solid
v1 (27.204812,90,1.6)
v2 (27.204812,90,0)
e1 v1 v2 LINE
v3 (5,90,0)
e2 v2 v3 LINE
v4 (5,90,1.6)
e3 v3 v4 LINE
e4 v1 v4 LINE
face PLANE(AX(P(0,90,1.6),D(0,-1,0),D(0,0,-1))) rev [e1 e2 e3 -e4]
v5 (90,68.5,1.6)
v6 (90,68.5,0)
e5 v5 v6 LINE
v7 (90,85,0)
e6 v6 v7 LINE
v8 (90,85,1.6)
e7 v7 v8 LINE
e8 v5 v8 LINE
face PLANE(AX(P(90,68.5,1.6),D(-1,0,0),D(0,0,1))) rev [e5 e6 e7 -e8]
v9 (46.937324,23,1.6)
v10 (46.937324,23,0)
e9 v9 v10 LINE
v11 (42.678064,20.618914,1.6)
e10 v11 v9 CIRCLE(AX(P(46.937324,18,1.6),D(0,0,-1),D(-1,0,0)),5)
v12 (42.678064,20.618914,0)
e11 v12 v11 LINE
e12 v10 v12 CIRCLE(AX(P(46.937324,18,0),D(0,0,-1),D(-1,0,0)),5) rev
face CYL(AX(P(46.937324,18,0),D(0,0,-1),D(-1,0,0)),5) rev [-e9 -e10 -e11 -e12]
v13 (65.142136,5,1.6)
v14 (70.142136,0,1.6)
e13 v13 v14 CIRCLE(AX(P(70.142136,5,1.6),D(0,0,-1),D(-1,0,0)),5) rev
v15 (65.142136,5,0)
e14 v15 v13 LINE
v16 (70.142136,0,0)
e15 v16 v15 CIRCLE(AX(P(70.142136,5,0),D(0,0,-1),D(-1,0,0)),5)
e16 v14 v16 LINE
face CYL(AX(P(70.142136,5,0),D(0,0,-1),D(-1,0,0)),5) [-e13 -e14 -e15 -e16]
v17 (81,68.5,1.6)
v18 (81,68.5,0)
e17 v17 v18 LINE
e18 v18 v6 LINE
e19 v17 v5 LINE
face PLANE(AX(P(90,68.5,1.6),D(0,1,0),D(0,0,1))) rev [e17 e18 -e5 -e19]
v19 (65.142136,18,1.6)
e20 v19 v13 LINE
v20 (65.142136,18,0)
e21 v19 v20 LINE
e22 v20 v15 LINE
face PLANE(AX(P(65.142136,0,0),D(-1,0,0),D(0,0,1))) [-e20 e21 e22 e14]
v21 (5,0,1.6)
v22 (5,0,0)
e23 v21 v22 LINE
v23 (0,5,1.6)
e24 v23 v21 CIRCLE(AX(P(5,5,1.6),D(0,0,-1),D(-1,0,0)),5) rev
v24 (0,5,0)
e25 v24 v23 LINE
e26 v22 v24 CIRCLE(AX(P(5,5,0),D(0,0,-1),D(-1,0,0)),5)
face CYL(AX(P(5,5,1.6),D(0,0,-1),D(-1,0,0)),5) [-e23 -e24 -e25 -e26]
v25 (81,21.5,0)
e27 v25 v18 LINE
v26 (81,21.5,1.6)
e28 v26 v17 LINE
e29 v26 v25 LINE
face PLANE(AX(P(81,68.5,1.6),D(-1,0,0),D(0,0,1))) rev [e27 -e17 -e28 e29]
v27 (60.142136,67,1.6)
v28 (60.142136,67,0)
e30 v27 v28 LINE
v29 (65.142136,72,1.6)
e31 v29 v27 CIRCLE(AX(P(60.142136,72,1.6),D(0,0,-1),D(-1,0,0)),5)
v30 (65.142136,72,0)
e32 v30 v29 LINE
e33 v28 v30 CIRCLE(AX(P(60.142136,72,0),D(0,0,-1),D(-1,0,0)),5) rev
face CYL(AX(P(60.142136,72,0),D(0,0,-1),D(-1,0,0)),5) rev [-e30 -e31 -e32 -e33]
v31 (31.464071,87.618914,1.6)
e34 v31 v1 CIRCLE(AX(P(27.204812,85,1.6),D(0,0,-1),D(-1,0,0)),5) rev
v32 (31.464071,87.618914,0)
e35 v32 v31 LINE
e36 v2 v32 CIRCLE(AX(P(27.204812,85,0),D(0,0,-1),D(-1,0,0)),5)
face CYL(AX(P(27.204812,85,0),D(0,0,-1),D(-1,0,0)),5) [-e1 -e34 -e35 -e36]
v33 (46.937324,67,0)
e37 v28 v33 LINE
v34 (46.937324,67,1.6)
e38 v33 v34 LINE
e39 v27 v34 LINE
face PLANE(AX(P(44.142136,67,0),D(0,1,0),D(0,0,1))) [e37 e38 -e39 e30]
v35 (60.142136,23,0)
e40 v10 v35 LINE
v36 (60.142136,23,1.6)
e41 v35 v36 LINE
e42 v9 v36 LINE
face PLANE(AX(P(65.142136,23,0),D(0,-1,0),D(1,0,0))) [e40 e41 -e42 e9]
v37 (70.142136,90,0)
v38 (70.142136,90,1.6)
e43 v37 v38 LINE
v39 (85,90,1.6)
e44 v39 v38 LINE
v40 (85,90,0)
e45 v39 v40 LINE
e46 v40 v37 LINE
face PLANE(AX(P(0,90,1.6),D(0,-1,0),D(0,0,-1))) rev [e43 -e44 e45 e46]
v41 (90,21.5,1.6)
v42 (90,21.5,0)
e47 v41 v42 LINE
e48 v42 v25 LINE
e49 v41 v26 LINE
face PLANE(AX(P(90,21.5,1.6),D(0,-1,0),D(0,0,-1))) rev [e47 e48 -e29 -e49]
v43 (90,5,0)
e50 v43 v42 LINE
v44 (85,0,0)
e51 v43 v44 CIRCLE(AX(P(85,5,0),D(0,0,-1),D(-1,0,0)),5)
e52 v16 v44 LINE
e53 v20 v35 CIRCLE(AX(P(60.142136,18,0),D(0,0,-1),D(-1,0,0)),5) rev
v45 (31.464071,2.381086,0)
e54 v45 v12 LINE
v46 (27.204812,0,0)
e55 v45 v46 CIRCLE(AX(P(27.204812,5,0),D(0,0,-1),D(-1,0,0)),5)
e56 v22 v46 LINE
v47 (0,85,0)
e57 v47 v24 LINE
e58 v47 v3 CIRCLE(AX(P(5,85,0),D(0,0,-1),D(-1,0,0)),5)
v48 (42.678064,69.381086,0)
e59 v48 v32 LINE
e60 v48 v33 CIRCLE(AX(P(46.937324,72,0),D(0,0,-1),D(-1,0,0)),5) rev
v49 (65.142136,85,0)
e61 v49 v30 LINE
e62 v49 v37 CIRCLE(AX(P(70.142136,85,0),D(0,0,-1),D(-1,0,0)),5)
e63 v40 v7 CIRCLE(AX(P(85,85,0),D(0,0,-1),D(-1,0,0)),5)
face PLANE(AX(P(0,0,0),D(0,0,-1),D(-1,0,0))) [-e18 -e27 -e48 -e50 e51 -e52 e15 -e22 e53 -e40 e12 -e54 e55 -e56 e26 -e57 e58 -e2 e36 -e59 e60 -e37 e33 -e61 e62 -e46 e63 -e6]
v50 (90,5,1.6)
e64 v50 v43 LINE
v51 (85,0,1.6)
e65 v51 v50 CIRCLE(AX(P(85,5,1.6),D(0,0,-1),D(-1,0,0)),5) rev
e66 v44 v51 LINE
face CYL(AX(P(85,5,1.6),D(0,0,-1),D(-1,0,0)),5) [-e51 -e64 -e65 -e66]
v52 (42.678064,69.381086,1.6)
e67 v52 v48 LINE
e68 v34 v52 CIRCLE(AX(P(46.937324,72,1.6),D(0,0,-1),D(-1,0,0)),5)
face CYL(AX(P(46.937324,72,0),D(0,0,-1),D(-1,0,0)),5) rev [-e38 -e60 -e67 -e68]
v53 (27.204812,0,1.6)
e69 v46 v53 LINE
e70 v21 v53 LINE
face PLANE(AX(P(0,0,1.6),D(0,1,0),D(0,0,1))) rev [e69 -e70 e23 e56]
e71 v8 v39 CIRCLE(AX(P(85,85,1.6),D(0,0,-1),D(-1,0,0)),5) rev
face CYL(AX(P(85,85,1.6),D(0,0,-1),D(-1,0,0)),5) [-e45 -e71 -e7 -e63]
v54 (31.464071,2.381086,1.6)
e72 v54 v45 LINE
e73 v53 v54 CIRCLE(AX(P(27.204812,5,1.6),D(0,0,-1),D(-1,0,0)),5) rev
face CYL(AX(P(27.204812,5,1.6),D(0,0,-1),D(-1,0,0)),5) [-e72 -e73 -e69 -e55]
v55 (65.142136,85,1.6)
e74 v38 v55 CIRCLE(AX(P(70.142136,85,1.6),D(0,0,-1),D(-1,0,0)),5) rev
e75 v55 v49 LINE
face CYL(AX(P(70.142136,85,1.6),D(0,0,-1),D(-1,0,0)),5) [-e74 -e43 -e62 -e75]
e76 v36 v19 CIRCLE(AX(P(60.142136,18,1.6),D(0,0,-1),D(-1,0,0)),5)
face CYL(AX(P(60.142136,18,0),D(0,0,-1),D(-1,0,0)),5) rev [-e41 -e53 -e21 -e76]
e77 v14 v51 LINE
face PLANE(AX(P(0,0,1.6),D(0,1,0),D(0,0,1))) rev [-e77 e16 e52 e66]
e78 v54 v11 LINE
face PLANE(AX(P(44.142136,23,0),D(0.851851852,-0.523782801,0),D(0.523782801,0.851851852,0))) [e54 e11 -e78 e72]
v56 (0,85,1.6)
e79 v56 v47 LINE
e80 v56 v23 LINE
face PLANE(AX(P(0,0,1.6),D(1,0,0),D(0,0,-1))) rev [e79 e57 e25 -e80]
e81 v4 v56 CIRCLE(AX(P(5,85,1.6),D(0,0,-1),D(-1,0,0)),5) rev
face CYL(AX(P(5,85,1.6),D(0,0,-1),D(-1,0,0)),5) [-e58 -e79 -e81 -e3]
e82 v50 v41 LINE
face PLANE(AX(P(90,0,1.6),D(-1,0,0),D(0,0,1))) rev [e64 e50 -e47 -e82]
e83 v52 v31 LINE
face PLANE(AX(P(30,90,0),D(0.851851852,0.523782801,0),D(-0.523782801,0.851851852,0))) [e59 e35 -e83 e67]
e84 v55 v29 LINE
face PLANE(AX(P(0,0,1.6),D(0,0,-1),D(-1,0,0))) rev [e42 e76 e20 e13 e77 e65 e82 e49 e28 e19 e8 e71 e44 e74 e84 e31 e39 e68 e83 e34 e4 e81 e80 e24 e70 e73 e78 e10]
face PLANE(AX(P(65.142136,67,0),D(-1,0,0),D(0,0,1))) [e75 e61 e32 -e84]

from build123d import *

# Parameters (mm, degrees)
BOSS_EXTRUDE1_DEPTH = 1.6
SKETCH2_OUTSIDE_W   = 117.458
SKETCH2_OUTSIDE_H   = 117.458
CUT_EXTRUDE1_DEPTH  = 128.289276846
FILLET2_R           = 5


with BuildPart() as part:
    # Sketch1 → Boss-Extrude1 (new body)
    with BuildSketch(Plane.XY):
        Polygon((90, 68.5), (90, 90), (0, 90), (0, 0), (90, 0), (90, 21.5), (81, 21.5), (81, 68.5), align=None)
    extrude(amount=BOSS_EXTRUDE1_DEPTH)

    # Sketch2 outside → Cut-Extrude1 (cut, through all)
    with BuildSketch(Plane.XY.offset(1.6)):
        with Locations((45, 45)):
            Rectangle(SKETCH2_OUTSIDE_W, SKETCH2_OUTSIDE_H)
        Polygon((0, 90), (30, 90), (44.142135624, 67), (65.142135624, 67), (65.142135624, 90), (90, 90), (90, 68.5), (81, 68.5), (81, 21.5), (90, 21.5), (90, 0), (65.142135624, 0), (65.142135624, 23), (44.142135624, 23), (30, 0), (0, 0), align=None, mode=Mode.SUBTRACT)
    extrude(amount=-CUT_EXTRUDE1_DEPTH, mode=Mode.SUBTRACT)

    # Fillet2
    fillet2_edges = [part.edges().sort_by_distance(p)[0] for p in [
        (0, 90, 0.8),
        (90, 90, 0.8),
        (90, 0, 0.8),
        (0, 0, 0.8),
        (30, 90, 0.8),
        (44.142135624, 67, 0.8),
        (65.142135624, 67, 0.8),
        (65.142135624, 90, 0.8),
        (65.142135624, 0, 0.8),
        (65.142135624, 23, 0.8),
        (44.142135624, 23, 0.8),
        (30, 0, 0.8),
    ]]
    fillet(fillet2_edges, radius=FILLET2_R)


solid = part.part
